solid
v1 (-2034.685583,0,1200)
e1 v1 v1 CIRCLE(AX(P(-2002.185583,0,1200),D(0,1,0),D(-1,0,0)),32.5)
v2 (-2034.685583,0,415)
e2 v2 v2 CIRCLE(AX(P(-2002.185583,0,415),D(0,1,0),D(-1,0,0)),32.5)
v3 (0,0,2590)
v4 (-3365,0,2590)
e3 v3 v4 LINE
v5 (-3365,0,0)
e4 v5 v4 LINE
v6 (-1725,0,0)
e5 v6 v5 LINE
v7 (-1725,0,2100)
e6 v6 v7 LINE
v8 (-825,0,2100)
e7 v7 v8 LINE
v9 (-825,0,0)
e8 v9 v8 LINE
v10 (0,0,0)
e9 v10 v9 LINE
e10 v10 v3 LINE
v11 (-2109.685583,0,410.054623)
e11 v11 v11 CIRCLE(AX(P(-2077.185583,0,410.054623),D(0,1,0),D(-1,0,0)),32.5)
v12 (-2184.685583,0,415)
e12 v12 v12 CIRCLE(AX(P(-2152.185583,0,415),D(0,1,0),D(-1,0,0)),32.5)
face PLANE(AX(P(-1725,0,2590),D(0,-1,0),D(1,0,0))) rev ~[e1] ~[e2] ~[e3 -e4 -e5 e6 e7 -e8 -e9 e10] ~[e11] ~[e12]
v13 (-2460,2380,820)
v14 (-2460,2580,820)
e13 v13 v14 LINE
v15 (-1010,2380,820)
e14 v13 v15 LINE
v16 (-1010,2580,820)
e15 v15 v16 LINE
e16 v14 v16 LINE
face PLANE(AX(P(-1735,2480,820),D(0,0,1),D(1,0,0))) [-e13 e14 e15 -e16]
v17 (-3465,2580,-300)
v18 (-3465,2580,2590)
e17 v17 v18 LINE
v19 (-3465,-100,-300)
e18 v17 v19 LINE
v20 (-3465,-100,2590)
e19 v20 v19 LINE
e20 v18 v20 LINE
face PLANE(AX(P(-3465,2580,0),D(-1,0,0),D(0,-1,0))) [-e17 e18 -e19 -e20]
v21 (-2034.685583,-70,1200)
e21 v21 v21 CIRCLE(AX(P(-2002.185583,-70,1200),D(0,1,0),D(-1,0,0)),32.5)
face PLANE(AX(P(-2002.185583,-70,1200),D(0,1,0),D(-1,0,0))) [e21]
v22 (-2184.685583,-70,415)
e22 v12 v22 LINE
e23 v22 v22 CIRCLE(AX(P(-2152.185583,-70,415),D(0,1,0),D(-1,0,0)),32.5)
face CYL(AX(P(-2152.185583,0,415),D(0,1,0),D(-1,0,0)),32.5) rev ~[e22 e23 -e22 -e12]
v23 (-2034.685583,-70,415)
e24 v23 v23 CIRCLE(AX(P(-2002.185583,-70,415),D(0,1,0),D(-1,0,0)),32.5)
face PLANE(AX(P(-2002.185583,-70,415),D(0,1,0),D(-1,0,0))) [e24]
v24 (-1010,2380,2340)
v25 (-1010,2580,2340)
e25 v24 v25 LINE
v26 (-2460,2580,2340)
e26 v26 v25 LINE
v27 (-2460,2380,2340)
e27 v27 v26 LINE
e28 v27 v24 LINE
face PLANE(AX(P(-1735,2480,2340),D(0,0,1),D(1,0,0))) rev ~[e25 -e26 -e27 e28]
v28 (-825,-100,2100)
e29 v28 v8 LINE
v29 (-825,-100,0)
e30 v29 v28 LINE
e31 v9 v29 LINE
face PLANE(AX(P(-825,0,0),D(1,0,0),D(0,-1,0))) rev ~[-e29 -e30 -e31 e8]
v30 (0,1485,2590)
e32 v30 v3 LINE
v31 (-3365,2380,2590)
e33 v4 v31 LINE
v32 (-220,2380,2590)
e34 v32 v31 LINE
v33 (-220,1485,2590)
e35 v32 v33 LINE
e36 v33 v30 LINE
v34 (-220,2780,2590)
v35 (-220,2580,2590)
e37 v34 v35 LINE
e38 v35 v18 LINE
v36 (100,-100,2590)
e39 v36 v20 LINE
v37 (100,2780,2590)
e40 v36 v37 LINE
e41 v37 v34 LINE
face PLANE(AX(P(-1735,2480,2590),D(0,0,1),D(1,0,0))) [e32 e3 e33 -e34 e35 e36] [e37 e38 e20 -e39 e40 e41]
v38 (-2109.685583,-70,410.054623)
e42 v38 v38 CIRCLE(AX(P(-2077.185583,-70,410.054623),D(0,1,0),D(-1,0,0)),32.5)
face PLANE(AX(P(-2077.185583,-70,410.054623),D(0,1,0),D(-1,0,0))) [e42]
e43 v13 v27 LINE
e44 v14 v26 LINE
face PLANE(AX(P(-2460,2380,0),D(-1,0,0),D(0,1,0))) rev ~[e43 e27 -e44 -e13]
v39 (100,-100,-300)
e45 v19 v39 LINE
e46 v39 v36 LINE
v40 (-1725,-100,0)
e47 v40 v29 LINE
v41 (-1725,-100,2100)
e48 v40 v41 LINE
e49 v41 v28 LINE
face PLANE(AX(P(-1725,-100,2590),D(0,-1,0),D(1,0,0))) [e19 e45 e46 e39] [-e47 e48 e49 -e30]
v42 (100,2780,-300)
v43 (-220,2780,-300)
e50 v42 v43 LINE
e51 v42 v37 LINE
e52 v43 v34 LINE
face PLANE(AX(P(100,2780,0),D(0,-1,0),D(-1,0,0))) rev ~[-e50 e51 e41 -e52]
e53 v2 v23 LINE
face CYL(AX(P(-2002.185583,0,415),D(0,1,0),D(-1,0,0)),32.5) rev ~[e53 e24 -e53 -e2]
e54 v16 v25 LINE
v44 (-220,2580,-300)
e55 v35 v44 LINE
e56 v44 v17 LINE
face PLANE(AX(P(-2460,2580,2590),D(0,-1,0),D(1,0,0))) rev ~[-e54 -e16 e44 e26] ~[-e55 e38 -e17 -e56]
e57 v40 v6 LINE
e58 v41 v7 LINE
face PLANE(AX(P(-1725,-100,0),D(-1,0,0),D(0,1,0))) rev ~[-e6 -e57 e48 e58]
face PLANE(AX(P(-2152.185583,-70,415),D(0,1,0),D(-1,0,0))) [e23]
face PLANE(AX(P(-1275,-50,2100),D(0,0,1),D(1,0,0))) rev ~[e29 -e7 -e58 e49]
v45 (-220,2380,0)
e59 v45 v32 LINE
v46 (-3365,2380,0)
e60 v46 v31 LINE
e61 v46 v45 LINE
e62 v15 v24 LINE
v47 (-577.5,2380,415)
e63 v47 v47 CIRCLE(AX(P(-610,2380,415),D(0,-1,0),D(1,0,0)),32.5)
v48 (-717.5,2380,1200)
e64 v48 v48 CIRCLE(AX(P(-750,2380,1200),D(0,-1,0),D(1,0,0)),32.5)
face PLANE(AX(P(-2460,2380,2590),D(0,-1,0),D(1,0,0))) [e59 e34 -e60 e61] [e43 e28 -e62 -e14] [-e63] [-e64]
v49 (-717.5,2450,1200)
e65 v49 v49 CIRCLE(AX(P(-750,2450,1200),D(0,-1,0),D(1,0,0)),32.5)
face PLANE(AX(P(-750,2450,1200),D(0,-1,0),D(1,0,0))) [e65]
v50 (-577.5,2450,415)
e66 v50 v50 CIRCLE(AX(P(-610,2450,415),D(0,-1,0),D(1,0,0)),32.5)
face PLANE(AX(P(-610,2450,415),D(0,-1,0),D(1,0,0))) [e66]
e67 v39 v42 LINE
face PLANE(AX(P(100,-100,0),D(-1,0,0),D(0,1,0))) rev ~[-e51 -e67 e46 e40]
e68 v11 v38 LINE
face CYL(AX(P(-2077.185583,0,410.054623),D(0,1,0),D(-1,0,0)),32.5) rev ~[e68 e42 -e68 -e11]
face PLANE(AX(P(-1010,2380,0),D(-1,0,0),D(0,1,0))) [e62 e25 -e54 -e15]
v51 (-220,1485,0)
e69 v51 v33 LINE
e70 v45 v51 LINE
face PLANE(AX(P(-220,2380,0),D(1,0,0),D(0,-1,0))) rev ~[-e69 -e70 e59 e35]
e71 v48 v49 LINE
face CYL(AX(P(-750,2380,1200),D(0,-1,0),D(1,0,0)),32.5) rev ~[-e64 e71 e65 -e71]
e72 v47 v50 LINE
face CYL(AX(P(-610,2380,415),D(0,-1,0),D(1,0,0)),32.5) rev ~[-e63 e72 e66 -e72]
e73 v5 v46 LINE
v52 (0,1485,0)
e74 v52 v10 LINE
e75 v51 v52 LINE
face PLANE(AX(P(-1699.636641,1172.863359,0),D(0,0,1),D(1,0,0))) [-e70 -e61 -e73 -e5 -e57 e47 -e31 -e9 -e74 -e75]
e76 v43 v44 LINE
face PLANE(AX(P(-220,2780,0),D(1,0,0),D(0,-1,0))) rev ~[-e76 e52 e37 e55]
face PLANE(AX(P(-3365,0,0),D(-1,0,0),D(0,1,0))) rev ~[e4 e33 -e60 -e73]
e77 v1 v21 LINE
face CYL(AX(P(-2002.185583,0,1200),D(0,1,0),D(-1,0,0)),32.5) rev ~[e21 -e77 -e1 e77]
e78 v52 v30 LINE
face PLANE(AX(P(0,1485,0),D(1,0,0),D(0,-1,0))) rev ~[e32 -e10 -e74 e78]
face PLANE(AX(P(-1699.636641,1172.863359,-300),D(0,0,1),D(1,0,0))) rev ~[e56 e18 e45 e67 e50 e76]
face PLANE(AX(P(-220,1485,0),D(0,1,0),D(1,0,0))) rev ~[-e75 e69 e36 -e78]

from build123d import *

# Parameters (mm, degrees)
F0_W      = 1450
F0_H      = 200
F0_W_2    = 790
F0_W_3    = 900
F0_H_2    = 100
F1_DEPTH  = 300
F2_DEPTH  = 2590
F3_DEPTH  = 820
F4_W      = 900
F4_H      = 100
F5_DEPTH  = 490
F6_W      = 1450
F6_H      = 200
F7_DEPTH  = 250
F8_R      = 32.5
F9_DEPTH  = 70
F10_R     = 32.5
F11_DEPTH = 70


with BuildPart() as f1:
    # F0 (on Top) → F1 (new body)
    with BuildSketch(Plane.XY):
        Polygon((-825, 0), (0, 0), (0, 1485), (-220, 1485), (-220, 2380), (-1010, 2380), (-2460, 2380), (-3365, 2380), (-3365, 0), (-1725, 0), align=None)
        Polygon((-1725, -100), (-1725, 0), (-3365, 0), (-3365, 2380), (-2460, 2380), (-2460, 2580), (-3465, 2580), (-3465, -100), align=None)
        with Locations((-1735, 2480)):
            Rectangle(F0_W, F0_H)
        with Locations((-615, 2480)):
            Rectangle(F0_W_2, F0_H)
        with Locations((-1275, -50)):
            Rectangle(F0_W_3, F0_H_2)
        Polygon((0, 1485), (0, 0), (-825, 0), (-825, -100), (100, -100), (100, 1485), align=None)
        Polygon((-220, 1485), (0, 1485), (100, 1485), (100, 2580), (100, 2780), (-220, 2780), (-220, 2580), (-220, 2380), align=None)
    extrude(amount=-F1_DEPTH)

    # F0 (on Top) → F2 (join)
    with BuildSketch(Plane.XY):
        Polygon((-220, 1485), (0, 1485), (100, 1485), (100, 2580), (100, 2780), (-220, 2780), (-220, 2580), (-220, 2380), align=None)
        Polygon((-1725, -100), (-1725, 0), (-3365, 0), (-3365, 2380), (-2460, 2380), (-2460, 2580), (-3465, 2580), (-3465, -100), align=None)
        Polygon((0, 1485), (0, 0), (-825, 0), (-825, -100), (100, -100), (100, 1485), align=None)
        with Locations((-615, 2480)):
            Rectangle(F0_W_2, F0_H)
    extrude(amount=F2_DEPTH)

    # F0 (on Top) → F3 (join)
    with BuildSketch(Plane.XY):
        with Locations((-1735, 2480)):
            Rectangle(F0_W, F0_H)
    extrude(amount=F3_DEPTH)

    # F4 (on face) → F5 (join)
    with BuildSketch(Plane.XY.offset(2590)):
        with Locations((-1275, -50)):
            Rectangle(F4_W, F4_H)
    extrude(amount=-F5_DEPTH)

    # F6 (on face) → F7 (join)
    with BuildSketch(Plane.XY.offset(2590)):
        with Locations((-1735, 2480)):
            Rectangle(F6_W, F6_H)
    extrude(amount=-F7_DEPTH)

    # F8 (on face) → F9 (cut)
    with BuildSketch(Plane.XZ.offset(-2380)):
        with Locations((-750, 1200)):
            Circle(F8_R)
        with Locations((-610, 415)):
            Circle(F8_R)
    extrude(amount=-F9_DEPTH, mode=Mode.SUBTRACT)

    # F10 (on face) → F11 (cut)
    with BuildSketch(Plane(origin=(0, 0, 0), x_dir=(-1, 0, 0), z_dir=(0, 1, 0))):
        with Locations((2002.185583, 415)):
            Circle(F10_R)
        with Locations((2077.185583, 410.054623)):
            Circle(F10_R)
        with Locations((2152.185583, 415)):
            Circle(F10_R)
        with Locations((2002.185583, 1200)):
            Circle(F10_R)
    extrude(amount=-F11_DEPTH, mode=Mode.SUBTRACT)


solid = f1.part
